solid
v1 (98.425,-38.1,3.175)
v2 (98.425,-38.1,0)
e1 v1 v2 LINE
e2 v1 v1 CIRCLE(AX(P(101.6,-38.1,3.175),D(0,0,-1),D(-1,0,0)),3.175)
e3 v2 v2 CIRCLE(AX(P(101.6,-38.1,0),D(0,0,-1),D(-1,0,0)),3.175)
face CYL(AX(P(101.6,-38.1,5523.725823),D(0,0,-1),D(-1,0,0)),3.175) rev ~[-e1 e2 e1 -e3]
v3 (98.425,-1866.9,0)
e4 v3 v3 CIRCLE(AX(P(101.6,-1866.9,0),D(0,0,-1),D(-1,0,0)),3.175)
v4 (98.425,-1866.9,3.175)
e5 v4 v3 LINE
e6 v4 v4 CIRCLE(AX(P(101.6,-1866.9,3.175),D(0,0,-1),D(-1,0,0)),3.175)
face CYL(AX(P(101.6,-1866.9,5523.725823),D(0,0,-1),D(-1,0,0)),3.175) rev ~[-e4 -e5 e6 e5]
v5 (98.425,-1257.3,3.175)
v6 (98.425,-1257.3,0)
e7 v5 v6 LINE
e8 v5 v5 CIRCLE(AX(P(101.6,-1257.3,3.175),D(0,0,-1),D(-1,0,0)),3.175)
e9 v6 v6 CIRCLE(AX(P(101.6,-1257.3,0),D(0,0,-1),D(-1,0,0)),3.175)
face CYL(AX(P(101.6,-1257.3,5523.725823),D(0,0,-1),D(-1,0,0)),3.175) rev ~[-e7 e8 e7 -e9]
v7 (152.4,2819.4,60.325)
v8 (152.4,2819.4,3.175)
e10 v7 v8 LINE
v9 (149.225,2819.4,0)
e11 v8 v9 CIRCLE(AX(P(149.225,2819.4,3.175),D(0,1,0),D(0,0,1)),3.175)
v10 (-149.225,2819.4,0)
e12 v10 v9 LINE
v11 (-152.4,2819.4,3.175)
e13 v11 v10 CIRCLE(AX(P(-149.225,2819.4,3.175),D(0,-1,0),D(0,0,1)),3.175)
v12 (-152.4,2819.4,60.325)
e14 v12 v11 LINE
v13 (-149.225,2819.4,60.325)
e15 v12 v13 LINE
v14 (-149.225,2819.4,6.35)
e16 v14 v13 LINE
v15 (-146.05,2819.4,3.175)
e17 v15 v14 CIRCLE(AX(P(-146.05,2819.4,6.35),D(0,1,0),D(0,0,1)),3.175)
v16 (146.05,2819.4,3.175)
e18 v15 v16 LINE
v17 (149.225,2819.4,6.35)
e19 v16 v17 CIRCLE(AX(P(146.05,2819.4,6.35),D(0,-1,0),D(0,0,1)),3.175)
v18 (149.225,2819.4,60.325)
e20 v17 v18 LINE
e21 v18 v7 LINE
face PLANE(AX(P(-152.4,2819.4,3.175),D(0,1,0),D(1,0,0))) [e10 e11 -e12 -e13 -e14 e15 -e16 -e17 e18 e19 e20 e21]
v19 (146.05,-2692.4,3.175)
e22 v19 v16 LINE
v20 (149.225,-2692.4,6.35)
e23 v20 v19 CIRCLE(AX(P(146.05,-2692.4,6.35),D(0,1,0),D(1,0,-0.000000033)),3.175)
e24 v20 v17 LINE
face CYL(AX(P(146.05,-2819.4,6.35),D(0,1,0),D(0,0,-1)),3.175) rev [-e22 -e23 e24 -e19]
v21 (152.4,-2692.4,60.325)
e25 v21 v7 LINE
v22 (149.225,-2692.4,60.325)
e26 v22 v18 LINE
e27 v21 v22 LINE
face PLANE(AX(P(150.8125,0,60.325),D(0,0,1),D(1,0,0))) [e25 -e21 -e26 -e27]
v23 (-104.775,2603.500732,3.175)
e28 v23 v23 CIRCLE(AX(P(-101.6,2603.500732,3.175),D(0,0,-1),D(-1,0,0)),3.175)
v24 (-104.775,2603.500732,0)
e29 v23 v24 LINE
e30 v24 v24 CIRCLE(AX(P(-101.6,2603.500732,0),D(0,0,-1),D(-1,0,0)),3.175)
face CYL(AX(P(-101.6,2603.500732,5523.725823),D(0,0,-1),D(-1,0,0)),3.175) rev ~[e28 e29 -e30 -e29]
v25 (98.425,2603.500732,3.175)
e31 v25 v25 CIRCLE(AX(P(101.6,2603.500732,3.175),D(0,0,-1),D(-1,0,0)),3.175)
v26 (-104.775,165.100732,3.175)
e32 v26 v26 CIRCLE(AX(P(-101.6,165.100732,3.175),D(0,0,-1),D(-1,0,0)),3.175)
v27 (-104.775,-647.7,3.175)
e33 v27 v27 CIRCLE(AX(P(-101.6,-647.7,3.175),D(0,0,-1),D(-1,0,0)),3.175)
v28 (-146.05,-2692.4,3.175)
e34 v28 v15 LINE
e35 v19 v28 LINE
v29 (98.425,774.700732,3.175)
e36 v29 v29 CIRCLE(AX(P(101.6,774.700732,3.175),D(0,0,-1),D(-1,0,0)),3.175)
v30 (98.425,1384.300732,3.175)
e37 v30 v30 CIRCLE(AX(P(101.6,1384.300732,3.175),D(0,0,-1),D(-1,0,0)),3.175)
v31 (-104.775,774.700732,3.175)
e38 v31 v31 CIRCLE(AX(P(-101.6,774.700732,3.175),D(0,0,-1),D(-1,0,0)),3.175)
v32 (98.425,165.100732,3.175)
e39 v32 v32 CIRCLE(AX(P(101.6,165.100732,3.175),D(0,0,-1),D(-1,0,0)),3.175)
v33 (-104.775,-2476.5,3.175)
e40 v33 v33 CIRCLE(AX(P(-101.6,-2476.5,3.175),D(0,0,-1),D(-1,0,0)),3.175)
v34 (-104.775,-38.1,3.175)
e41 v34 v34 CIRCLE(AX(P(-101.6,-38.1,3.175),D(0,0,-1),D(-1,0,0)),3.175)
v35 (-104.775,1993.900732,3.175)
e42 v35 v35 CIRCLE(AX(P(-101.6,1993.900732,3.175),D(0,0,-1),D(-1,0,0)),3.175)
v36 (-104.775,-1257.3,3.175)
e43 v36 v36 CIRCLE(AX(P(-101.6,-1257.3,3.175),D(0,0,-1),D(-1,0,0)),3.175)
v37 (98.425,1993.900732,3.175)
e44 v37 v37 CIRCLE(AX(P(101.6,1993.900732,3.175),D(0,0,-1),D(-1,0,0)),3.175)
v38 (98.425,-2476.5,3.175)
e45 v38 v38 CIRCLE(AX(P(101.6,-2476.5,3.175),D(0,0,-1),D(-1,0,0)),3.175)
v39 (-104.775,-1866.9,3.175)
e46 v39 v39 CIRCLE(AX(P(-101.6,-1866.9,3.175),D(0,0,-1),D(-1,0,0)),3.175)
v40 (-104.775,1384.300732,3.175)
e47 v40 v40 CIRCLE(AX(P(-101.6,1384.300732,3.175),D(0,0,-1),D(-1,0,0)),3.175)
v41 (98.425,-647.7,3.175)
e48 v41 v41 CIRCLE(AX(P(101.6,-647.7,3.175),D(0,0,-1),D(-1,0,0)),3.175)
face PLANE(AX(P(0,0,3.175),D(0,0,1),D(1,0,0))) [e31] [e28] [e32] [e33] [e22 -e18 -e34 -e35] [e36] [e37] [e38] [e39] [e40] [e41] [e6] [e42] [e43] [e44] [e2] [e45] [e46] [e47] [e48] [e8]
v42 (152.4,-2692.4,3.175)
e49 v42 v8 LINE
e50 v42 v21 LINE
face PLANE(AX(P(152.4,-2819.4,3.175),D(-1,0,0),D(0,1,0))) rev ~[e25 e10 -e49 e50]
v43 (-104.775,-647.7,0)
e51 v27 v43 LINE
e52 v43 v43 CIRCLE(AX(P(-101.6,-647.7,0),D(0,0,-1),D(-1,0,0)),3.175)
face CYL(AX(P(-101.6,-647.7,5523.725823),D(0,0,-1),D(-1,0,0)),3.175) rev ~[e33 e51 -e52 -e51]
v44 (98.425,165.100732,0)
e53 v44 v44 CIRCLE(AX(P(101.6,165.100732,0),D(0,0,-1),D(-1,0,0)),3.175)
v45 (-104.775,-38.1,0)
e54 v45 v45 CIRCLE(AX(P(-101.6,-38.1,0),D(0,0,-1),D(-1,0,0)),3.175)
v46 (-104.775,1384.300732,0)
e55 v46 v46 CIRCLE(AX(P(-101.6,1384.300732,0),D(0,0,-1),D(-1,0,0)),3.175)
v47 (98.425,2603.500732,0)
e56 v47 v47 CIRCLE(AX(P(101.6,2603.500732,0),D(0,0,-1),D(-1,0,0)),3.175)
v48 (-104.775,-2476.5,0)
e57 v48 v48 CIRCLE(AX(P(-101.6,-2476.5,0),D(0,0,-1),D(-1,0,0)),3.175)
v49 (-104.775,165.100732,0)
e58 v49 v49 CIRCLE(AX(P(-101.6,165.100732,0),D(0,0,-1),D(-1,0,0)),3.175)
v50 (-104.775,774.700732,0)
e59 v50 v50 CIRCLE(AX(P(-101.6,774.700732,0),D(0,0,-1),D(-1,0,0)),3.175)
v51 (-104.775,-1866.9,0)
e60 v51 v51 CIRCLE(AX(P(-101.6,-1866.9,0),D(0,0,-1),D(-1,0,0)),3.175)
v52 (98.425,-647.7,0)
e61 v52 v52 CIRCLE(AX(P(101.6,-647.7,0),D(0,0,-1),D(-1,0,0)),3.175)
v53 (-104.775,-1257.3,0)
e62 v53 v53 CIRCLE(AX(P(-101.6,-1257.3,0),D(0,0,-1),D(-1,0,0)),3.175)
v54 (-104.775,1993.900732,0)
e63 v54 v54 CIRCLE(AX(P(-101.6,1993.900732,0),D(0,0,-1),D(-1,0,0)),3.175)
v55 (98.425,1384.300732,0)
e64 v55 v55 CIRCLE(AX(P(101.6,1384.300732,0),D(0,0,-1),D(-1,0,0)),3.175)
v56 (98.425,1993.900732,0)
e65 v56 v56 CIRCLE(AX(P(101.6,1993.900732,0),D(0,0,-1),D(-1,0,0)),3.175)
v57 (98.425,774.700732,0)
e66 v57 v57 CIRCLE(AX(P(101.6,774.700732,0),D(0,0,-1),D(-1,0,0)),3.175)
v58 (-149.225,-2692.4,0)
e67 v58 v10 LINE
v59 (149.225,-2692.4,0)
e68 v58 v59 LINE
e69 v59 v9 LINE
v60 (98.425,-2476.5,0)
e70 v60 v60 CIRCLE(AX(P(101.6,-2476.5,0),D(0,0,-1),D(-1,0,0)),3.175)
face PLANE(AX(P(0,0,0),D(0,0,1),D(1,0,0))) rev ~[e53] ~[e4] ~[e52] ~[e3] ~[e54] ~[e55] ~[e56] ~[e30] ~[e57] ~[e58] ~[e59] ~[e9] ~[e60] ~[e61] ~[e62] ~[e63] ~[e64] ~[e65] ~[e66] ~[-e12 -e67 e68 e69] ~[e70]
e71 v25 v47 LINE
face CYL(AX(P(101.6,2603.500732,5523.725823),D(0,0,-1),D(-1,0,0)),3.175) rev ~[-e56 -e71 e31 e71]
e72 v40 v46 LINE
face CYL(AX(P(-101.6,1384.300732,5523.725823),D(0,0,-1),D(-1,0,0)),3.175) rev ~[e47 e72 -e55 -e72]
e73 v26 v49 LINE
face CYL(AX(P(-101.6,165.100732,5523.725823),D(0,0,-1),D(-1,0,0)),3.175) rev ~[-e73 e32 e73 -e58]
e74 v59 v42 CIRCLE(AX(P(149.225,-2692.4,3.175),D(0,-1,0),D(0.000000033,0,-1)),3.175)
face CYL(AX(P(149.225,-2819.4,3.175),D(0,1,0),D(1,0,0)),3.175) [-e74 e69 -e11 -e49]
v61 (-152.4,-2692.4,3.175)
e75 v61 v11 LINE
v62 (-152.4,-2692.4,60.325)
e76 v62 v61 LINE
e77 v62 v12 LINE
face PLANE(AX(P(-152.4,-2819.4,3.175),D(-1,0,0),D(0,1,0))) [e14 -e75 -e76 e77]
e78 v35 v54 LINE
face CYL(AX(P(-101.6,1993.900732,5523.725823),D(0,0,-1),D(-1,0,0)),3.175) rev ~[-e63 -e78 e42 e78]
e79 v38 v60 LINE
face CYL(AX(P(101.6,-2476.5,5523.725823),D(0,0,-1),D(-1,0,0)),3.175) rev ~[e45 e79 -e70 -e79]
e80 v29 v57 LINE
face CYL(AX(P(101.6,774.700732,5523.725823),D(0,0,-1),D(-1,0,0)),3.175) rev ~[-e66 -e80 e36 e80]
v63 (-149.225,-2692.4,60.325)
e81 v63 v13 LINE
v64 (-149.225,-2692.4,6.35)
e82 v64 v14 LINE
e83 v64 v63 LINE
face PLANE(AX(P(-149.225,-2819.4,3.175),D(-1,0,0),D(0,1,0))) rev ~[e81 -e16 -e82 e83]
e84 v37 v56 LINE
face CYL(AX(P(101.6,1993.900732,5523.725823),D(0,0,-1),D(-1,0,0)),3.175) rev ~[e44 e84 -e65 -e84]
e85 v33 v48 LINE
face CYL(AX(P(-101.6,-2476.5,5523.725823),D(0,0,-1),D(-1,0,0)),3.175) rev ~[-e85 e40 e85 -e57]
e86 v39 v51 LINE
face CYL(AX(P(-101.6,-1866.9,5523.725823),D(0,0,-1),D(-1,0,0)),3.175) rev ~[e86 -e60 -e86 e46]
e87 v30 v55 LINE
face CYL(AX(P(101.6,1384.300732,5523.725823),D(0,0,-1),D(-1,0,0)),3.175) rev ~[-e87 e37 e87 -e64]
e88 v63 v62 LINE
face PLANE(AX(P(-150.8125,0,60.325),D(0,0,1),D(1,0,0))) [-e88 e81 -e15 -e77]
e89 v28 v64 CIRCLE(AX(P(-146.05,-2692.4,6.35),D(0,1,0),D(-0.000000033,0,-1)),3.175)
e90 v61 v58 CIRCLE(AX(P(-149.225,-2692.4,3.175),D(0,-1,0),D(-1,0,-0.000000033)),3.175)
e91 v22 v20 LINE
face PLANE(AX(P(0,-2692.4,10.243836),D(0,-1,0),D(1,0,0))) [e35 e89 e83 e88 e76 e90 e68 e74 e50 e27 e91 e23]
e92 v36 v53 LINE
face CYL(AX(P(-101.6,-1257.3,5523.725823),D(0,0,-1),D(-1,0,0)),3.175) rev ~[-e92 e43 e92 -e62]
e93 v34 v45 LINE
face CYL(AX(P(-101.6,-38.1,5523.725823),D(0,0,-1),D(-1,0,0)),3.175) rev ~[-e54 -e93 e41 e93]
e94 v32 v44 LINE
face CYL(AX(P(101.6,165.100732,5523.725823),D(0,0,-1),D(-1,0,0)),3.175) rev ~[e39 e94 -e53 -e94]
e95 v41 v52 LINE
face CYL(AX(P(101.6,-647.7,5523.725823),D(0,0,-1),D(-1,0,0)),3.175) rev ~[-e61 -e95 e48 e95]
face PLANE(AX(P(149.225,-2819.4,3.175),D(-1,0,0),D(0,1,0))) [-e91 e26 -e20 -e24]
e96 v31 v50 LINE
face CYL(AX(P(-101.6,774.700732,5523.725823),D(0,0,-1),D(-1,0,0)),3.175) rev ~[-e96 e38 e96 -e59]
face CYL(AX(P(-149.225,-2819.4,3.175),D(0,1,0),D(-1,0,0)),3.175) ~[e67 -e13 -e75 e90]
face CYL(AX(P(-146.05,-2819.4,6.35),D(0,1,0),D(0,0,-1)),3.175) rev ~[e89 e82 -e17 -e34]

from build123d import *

# Parameters (mm, degrees)
F0_W     = 304.8
F0_H     = 5638.8
F1_DEPTH = 3.175
F2_W     = 3.175
F2_H     = 5638.8
F3_DEPTH = 57.15
F4_W     = 3.175
F4_H     = 5638.8
F5_DEPTH = 57.15
F6_R     = 3.175
F7_R     = 3.175
F8_DEPTH = 127
F11_D    = 6.35
F13_D    = 6.35


with BuildPart() as f1:
    # F0 (on Top) → F1 (new body)
    with BuildSketch(Plane.XY):
        Rectangle(F0_W, F0_H)
    extrude(amount=F1_DEPTH)

    # F2 (on face) → F3 (join)
    with BuildSketch(Plane.XY.offset(3.175)):
        with Locations((150.8125, 0)):
            Rectangle(F2_W, F2_H)
    extrude(amount=F3_DEPTH)

    # F4 (on face) → F5 (join)
    with BuildSketch(Plane.XY.offset(3.175)):
        with Locations((-150.8125, 0)):
            Rectangle(F4_W, F4_H)
    extrude(amount=F5_DEPTH)

    # F6
    f6_edges = [f1.edges().sort_by_distance(p)[0] for p in [
        (-149.225, 0, 3.175),
        (152.4, 0, 0),
    ]]
    fillet(f6_edges, radius=F6_R)

    # F7
    f7_edges = [f1.edges().sort_by_distance(p)[0] for p in [
        (149.225, 0, 3.175),
        (-152.4, 0, 0),
    ]]
    fillet(f7_edges, radius=F7_R)

    # F5_face (on face) → F8 (cut)
    with BuildSketch(Plane(origin=(0, -2819.4, 9.82396), x_dir=(1, 0, 0), z_dir=(0, -1, 0))):
        with BuildLine():
            Line((146.05, -6.64896), (-146.05, -6.64896))
            ThreePointArc((-146.05, -6.64896), (-148.295064, -5.719024), (-149.225, -3.47396))
            Line((-149.225, -3.47396), (-149.225, 50.50104))
            Line((-149.225, 50.50104), (-152.4, 50.50104))
            Line((-152.4, 50.50104), (-152.4, -6.64896))
            ThreePointArc((-152.4, -6.64896), (-151.470064, -8.894024), (-149.225, -9.82396))
            Line((-149.225, -9.82396), (149.225, -9.82396))
            ThreePointArc((149.225, -9.82396), (151.470064, -8.894024), (152.4, -6.64896))
            Line((152.4, -6.64896), (152.4, 50.50104))
            Line((152.4, 50.50104), (149.225, 50.50104))
            Line((149.225, 50.50104), (149.225, -3.47396))
            ThreePointArc((149.225, -3.47396), (148.295064, -5.719024), (146.05, -6.64896))
        make_face()
    extrude(amount=-F8_DEPTH, mode=Mode.SUBTRACT)

    # F11 (through all)
    with Locations(Plane.XY.offset(3.175)):
        with Locations((-101.6, 2603.500732), (101.6, 2603.500732), (101.6, 1993.900732), (-101.6, 1993.900732), (-101.6, 1384.300732), (101.6, 1384.300732), (101.6, 774.700732), (-101.6, 774.700732), (-101.6, 165.100732), (101.6, 165.100732)):
            Hole(F11_D / 2)

    # F13 (through all)
    with Locations(Plane.XY.offset(3.175)):
        with Locations((-101.6, -38.1), (101.6, -38.1), (101.6, -647.7), (-101.6, -647.7), (-101.6, -1257.3), (101.6, -1257.3), (101.6, -1866.9), (-101.6, -1866.9), (-101.6, -2476.5), (101.6, -2476.5)):
            Hole(F13_D / 2)


solid = f1.part
